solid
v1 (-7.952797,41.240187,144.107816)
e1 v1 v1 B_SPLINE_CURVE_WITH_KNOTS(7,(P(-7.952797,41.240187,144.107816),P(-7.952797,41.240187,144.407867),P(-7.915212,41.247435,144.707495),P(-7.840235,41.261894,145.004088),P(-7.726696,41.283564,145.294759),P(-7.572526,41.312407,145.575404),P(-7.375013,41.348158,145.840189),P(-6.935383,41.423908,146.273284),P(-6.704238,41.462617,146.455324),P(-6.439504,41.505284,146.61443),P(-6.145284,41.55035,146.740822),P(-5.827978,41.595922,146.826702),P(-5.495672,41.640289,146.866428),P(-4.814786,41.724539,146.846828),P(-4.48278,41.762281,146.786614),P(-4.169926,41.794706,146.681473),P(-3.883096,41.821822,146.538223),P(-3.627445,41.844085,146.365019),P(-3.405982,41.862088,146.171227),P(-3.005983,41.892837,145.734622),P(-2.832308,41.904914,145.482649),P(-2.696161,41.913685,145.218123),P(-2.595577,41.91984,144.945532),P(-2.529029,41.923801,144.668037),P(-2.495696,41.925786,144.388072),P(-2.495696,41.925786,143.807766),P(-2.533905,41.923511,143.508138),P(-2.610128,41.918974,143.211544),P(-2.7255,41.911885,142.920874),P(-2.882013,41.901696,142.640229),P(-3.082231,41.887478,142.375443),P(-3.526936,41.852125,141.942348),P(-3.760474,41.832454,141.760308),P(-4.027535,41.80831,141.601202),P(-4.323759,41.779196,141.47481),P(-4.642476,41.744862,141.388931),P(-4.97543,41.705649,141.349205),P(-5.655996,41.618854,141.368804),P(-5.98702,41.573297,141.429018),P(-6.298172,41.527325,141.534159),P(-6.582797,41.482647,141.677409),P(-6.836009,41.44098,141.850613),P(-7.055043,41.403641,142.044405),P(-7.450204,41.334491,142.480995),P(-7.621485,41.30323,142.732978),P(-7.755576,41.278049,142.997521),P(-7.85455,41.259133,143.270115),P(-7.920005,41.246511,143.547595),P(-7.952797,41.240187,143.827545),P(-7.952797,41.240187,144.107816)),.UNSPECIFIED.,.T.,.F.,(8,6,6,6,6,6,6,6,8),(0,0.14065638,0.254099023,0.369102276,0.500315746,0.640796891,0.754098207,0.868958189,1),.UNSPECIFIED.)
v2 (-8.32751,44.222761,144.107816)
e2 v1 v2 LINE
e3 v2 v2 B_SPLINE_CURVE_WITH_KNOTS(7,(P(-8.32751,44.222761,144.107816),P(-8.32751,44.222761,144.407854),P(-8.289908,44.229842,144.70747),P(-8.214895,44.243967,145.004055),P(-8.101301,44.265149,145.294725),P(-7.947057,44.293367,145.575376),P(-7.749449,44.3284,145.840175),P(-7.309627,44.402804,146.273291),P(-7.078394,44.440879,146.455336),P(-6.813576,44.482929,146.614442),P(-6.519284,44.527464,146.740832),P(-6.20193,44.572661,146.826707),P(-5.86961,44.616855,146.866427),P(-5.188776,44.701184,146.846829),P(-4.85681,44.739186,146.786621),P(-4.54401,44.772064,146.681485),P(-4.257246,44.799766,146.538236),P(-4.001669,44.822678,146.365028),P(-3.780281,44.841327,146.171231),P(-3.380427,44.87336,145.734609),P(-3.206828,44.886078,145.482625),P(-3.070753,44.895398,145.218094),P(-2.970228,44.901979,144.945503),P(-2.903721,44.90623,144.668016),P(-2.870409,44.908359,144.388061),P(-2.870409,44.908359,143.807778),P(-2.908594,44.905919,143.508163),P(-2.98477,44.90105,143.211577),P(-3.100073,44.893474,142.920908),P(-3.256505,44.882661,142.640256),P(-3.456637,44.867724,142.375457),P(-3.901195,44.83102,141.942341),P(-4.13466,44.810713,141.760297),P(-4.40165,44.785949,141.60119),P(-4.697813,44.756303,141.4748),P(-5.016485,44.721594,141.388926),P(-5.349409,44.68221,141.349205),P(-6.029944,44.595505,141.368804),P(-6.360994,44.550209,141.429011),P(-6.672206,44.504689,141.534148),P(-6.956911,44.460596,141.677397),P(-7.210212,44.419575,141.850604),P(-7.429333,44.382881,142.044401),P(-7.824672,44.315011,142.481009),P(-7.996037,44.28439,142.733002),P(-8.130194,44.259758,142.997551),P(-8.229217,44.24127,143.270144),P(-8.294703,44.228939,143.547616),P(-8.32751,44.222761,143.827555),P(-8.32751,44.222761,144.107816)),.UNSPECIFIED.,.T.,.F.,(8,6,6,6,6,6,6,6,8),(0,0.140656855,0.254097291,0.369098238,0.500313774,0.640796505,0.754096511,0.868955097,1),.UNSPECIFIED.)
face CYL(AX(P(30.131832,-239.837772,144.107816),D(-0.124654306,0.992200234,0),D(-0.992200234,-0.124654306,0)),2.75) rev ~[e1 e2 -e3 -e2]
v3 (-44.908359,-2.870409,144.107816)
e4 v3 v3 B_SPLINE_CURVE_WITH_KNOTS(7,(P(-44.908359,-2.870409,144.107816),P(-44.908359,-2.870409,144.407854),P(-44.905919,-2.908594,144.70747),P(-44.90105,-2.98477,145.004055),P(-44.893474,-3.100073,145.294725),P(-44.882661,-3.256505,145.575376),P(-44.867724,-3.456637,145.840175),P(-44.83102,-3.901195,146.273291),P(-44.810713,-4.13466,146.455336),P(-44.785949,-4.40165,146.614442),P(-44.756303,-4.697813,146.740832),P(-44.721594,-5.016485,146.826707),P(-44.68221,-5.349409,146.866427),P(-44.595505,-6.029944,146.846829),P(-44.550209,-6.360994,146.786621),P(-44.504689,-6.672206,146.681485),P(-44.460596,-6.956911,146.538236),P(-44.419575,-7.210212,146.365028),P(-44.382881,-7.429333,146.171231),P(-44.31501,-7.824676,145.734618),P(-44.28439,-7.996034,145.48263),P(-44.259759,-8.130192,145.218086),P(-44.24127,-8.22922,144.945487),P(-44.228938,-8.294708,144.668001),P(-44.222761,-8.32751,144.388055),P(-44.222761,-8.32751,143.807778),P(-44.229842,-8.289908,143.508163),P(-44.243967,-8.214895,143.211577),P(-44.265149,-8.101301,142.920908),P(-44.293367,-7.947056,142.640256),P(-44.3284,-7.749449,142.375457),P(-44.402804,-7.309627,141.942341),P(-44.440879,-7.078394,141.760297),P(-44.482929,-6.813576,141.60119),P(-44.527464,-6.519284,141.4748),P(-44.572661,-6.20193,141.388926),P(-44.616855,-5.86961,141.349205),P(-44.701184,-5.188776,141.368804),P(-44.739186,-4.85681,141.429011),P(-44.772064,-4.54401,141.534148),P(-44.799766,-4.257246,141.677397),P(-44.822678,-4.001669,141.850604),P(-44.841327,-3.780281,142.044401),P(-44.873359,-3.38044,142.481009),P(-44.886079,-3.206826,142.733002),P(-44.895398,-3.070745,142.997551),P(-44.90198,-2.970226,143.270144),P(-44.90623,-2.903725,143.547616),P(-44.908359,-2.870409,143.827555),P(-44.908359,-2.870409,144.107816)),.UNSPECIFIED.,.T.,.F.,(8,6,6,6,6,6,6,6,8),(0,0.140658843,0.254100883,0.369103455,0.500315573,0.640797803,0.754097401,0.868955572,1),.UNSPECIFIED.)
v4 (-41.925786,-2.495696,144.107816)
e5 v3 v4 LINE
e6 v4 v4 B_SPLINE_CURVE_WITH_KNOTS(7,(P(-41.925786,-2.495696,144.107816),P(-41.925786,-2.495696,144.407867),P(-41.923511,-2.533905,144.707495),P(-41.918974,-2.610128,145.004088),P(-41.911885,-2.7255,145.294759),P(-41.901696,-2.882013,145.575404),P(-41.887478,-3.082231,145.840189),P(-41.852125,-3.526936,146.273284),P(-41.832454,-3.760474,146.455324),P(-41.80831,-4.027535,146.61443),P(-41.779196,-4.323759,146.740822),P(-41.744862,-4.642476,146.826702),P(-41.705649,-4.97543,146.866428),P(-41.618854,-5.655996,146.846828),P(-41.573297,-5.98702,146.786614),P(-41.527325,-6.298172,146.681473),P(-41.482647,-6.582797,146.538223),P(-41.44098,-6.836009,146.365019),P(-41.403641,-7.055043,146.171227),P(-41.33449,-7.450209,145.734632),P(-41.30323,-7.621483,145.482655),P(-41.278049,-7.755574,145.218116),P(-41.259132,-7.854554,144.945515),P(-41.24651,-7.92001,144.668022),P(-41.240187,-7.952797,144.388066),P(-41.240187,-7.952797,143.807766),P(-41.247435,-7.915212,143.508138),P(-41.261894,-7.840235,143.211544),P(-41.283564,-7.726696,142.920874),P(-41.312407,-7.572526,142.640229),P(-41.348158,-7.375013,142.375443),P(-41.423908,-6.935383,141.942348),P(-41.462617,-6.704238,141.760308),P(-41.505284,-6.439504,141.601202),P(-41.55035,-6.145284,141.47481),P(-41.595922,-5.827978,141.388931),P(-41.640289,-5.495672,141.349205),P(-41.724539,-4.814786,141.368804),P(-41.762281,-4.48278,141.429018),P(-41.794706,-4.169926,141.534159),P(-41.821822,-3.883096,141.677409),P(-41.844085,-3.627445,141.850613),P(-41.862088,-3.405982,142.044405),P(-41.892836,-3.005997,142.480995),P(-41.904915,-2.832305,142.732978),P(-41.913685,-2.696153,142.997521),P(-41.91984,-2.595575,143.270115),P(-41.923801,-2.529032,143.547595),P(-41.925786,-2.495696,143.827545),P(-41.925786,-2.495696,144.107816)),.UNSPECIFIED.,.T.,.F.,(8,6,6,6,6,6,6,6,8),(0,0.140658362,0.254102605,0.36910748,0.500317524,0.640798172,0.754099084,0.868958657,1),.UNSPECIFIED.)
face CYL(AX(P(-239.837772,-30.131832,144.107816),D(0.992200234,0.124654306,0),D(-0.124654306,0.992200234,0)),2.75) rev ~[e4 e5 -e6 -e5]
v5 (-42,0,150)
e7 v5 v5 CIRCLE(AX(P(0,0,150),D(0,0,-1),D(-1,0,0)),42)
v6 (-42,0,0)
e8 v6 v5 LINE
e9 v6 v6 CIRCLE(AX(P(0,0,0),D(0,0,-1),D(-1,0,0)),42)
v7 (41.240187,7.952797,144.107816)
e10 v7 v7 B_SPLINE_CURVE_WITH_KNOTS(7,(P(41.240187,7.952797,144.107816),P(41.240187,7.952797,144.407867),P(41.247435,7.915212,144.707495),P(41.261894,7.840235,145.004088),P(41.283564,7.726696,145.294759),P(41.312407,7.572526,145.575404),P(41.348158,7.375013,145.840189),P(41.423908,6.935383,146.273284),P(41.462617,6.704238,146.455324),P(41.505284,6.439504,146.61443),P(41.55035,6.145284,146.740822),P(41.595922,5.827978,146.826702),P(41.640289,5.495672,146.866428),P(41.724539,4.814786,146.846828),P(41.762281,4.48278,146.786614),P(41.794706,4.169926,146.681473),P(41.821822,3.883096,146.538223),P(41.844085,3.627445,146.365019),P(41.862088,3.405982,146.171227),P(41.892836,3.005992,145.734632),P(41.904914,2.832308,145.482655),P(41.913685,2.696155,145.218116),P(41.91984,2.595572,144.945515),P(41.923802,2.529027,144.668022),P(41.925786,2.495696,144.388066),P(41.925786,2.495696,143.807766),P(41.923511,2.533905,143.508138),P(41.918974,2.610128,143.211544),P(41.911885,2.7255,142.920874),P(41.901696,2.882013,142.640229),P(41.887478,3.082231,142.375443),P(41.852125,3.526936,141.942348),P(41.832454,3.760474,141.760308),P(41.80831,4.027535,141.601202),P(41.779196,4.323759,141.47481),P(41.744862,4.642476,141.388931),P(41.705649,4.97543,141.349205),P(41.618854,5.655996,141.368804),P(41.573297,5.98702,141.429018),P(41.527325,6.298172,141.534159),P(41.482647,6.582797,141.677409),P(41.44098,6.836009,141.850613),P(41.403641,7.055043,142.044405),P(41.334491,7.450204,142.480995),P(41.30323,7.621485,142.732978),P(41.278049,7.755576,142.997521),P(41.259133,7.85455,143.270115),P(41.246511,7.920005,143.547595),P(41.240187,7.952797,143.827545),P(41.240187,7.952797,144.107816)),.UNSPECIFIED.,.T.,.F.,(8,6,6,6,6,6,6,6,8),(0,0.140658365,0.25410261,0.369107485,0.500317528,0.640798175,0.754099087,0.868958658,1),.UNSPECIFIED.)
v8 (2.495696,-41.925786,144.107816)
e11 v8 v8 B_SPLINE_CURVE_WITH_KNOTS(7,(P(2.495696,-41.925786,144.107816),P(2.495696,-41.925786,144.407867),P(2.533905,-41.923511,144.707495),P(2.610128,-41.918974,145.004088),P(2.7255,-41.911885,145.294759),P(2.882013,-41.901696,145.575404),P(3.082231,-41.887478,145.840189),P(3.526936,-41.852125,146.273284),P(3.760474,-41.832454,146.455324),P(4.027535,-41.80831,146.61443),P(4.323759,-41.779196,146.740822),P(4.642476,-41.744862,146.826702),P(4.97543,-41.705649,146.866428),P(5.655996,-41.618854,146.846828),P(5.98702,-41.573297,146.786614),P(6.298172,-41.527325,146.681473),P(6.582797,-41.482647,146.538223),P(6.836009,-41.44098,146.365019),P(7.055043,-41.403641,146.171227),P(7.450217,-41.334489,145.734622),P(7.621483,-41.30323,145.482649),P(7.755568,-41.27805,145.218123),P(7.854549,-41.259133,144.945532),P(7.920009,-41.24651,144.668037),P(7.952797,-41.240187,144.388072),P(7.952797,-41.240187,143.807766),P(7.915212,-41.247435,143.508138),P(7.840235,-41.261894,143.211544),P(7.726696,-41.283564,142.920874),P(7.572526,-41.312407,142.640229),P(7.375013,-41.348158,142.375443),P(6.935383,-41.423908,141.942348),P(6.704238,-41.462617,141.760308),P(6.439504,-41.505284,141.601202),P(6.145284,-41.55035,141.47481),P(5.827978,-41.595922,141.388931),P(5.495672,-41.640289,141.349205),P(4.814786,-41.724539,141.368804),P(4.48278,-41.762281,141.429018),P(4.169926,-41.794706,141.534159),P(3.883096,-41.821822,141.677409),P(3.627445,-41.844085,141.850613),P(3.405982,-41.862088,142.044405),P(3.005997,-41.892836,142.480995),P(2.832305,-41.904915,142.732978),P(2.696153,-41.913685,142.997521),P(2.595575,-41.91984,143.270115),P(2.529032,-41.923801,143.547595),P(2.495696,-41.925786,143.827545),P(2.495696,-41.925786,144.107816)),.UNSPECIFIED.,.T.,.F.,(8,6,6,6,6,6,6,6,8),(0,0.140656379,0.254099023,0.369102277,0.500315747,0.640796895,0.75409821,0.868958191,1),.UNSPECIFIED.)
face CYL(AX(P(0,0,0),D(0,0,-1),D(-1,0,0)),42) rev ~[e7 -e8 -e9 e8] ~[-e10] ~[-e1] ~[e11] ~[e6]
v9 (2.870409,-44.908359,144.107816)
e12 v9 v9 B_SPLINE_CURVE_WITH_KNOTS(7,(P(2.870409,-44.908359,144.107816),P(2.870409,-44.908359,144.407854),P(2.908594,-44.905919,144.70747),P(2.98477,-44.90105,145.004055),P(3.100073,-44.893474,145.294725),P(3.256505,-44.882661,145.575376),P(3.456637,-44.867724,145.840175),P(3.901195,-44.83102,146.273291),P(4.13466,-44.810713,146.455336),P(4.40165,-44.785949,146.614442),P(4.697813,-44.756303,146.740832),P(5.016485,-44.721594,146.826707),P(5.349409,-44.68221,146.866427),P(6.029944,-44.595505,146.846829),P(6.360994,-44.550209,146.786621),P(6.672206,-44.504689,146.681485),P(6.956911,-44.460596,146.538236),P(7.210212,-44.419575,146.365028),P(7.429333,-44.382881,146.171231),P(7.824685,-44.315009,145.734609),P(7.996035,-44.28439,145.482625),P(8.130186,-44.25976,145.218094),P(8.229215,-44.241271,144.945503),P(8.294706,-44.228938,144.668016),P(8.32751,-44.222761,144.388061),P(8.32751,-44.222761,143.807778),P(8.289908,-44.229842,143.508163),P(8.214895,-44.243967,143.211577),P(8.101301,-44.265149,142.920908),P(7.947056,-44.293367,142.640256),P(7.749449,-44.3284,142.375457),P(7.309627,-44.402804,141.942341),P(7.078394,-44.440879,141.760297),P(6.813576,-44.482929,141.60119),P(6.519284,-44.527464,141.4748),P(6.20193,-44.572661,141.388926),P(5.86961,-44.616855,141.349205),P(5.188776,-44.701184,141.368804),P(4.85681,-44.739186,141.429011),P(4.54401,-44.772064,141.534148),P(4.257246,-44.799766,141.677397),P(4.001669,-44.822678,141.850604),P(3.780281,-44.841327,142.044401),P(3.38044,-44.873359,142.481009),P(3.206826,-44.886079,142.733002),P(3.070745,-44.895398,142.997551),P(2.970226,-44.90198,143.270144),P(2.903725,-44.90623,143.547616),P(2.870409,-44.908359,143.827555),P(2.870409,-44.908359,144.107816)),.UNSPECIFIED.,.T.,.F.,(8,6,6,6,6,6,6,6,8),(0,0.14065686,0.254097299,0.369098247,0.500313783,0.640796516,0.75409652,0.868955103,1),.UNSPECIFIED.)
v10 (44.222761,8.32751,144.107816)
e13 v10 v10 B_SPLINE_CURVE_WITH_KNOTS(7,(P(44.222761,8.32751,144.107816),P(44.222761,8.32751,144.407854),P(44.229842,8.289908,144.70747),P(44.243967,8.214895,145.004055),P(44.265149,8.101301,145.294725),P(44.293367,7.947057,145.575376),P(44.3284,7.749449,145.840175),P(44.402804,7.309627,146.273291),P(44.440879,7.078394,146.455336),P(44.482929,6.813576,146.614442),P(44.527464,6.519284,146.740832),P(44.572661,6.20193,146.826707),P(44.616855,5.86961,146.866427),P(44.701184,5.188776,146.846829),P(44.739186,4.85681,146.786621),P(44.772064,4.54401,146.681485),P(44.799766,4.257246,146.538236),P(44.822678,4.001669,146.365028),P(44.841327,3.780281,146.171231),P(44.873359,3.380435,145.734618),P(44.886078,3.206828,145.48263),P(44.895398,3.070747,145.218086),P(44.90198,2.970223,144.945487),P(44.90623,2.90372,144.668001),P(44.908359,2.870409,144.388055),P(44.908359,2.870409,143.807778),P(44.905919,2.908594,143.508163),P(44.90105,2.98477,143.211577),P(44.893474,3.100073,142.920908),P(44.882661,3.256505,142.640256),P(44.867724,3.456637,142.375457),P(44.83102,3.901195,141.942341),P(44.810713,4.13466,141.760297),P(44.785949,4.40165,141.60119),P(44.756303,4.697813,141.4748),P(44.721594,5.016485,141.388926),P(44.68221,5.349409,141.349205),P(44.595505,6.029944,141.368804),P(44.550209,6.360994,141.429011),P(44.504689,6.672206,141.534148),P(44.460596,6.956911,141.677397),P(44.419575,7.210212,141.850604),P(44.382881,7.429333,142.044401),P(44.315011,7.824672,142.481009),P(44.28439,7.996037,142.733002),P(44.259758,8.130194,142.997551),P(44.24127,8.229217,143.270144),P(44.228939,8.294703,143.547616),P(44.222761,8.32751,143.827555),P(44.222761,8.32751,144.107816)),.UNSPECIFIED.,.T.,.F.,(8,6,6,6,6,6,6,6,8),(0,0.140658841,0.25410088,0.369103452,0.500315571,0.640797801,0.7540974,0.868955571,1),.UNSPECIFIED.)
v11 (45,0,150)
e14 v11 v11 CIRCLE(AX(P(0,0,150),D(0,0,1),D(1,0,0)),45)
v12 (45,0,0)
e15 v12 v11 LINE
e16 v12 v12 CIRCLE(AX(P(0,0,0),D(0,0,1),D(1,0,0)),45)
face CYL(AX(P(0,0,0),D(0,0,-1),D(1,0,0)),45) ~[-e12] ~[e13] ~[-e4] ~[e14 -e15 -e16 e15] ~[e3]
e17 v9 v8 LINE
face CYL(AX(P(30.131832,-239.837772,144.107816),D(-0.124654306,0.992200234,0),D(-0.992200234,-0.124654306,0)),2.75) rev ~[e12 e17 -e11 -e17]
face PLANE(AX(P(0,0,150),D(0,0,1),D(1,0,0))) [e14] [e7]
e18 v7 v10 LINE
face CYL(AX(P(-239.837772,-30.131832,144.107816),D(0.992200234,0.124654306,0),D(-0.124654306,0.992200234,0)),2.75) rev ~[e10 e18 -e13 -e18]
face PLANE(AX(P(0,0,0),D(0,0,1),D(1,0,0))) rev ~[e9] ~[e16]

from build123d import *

# Parameters (mm, degrees)
ESQUISSE1_R                  = 45
BOSS_EXTRU_1_DEPTH           = 150
ESQUISSE2_R                  = 42
ENL_V_MAT_EXTRU_1_DEPTH      = 150
D_GAGEMENT_M51_D             = 5.5
R_P_TITION_CIRCULAIRE1_COUNT = 2
R_P_TITION_CIRCULAIRE1_ANGLE = 90


with BuildPart() as part:
    # Esquisse1 → Boss.-Extru.1 (new body)
    with BuildSketch(Plane.XY):
        Circle(ESQUISSE1_R)
    extrude(amount=BOSS_EXTRU_1_DEPTH)

    # Esquisse2 → Enlèv. mat.-Extru.1 (cut)
    with BuildSketch(Plane(origin=(0, 0, 0), x_dir=(-1, 0, 0), z_dir=(0, 0, -1))):
        Circle(ESQUISSE2_R)
    extrude(amount=-ENL_V_MAT_EXTRU_1_DEPTH, mode=Mode.SUBTRACT)

    # Dégagement M51 (through all)
    with Locations(Plane(origin=(-44.649010523, -5.609443765, 144.107816194), x_dir=(0.124654306, -0.992200234, 0), z_dir=(-0.992200234, -0.124654306, 0))):
        with Locations((0, 0)):
            d_gagement_m51 = Hole(D_GAGEMENT_M51_D / 2)

    # Répétition circulaire1: Dégagement M51 ×2 about axis
    r_p_tition_circulaire1_axis = Axis((0, 0, 0), (0, 0, 1))
    for i in range(1, R_P_TITION_CIRCULAIRE1_COUNT):
        add(d_gagement_m51.rotate(r_p_tition_circulaire1_axis, i * R_P_TITION_CIRCULAIRE1_ANGLE / (R_P_TITION_CIRCULAIRE1_COUNT - 1)), mode=Mode.SUBTRACT)


solid = part.part
